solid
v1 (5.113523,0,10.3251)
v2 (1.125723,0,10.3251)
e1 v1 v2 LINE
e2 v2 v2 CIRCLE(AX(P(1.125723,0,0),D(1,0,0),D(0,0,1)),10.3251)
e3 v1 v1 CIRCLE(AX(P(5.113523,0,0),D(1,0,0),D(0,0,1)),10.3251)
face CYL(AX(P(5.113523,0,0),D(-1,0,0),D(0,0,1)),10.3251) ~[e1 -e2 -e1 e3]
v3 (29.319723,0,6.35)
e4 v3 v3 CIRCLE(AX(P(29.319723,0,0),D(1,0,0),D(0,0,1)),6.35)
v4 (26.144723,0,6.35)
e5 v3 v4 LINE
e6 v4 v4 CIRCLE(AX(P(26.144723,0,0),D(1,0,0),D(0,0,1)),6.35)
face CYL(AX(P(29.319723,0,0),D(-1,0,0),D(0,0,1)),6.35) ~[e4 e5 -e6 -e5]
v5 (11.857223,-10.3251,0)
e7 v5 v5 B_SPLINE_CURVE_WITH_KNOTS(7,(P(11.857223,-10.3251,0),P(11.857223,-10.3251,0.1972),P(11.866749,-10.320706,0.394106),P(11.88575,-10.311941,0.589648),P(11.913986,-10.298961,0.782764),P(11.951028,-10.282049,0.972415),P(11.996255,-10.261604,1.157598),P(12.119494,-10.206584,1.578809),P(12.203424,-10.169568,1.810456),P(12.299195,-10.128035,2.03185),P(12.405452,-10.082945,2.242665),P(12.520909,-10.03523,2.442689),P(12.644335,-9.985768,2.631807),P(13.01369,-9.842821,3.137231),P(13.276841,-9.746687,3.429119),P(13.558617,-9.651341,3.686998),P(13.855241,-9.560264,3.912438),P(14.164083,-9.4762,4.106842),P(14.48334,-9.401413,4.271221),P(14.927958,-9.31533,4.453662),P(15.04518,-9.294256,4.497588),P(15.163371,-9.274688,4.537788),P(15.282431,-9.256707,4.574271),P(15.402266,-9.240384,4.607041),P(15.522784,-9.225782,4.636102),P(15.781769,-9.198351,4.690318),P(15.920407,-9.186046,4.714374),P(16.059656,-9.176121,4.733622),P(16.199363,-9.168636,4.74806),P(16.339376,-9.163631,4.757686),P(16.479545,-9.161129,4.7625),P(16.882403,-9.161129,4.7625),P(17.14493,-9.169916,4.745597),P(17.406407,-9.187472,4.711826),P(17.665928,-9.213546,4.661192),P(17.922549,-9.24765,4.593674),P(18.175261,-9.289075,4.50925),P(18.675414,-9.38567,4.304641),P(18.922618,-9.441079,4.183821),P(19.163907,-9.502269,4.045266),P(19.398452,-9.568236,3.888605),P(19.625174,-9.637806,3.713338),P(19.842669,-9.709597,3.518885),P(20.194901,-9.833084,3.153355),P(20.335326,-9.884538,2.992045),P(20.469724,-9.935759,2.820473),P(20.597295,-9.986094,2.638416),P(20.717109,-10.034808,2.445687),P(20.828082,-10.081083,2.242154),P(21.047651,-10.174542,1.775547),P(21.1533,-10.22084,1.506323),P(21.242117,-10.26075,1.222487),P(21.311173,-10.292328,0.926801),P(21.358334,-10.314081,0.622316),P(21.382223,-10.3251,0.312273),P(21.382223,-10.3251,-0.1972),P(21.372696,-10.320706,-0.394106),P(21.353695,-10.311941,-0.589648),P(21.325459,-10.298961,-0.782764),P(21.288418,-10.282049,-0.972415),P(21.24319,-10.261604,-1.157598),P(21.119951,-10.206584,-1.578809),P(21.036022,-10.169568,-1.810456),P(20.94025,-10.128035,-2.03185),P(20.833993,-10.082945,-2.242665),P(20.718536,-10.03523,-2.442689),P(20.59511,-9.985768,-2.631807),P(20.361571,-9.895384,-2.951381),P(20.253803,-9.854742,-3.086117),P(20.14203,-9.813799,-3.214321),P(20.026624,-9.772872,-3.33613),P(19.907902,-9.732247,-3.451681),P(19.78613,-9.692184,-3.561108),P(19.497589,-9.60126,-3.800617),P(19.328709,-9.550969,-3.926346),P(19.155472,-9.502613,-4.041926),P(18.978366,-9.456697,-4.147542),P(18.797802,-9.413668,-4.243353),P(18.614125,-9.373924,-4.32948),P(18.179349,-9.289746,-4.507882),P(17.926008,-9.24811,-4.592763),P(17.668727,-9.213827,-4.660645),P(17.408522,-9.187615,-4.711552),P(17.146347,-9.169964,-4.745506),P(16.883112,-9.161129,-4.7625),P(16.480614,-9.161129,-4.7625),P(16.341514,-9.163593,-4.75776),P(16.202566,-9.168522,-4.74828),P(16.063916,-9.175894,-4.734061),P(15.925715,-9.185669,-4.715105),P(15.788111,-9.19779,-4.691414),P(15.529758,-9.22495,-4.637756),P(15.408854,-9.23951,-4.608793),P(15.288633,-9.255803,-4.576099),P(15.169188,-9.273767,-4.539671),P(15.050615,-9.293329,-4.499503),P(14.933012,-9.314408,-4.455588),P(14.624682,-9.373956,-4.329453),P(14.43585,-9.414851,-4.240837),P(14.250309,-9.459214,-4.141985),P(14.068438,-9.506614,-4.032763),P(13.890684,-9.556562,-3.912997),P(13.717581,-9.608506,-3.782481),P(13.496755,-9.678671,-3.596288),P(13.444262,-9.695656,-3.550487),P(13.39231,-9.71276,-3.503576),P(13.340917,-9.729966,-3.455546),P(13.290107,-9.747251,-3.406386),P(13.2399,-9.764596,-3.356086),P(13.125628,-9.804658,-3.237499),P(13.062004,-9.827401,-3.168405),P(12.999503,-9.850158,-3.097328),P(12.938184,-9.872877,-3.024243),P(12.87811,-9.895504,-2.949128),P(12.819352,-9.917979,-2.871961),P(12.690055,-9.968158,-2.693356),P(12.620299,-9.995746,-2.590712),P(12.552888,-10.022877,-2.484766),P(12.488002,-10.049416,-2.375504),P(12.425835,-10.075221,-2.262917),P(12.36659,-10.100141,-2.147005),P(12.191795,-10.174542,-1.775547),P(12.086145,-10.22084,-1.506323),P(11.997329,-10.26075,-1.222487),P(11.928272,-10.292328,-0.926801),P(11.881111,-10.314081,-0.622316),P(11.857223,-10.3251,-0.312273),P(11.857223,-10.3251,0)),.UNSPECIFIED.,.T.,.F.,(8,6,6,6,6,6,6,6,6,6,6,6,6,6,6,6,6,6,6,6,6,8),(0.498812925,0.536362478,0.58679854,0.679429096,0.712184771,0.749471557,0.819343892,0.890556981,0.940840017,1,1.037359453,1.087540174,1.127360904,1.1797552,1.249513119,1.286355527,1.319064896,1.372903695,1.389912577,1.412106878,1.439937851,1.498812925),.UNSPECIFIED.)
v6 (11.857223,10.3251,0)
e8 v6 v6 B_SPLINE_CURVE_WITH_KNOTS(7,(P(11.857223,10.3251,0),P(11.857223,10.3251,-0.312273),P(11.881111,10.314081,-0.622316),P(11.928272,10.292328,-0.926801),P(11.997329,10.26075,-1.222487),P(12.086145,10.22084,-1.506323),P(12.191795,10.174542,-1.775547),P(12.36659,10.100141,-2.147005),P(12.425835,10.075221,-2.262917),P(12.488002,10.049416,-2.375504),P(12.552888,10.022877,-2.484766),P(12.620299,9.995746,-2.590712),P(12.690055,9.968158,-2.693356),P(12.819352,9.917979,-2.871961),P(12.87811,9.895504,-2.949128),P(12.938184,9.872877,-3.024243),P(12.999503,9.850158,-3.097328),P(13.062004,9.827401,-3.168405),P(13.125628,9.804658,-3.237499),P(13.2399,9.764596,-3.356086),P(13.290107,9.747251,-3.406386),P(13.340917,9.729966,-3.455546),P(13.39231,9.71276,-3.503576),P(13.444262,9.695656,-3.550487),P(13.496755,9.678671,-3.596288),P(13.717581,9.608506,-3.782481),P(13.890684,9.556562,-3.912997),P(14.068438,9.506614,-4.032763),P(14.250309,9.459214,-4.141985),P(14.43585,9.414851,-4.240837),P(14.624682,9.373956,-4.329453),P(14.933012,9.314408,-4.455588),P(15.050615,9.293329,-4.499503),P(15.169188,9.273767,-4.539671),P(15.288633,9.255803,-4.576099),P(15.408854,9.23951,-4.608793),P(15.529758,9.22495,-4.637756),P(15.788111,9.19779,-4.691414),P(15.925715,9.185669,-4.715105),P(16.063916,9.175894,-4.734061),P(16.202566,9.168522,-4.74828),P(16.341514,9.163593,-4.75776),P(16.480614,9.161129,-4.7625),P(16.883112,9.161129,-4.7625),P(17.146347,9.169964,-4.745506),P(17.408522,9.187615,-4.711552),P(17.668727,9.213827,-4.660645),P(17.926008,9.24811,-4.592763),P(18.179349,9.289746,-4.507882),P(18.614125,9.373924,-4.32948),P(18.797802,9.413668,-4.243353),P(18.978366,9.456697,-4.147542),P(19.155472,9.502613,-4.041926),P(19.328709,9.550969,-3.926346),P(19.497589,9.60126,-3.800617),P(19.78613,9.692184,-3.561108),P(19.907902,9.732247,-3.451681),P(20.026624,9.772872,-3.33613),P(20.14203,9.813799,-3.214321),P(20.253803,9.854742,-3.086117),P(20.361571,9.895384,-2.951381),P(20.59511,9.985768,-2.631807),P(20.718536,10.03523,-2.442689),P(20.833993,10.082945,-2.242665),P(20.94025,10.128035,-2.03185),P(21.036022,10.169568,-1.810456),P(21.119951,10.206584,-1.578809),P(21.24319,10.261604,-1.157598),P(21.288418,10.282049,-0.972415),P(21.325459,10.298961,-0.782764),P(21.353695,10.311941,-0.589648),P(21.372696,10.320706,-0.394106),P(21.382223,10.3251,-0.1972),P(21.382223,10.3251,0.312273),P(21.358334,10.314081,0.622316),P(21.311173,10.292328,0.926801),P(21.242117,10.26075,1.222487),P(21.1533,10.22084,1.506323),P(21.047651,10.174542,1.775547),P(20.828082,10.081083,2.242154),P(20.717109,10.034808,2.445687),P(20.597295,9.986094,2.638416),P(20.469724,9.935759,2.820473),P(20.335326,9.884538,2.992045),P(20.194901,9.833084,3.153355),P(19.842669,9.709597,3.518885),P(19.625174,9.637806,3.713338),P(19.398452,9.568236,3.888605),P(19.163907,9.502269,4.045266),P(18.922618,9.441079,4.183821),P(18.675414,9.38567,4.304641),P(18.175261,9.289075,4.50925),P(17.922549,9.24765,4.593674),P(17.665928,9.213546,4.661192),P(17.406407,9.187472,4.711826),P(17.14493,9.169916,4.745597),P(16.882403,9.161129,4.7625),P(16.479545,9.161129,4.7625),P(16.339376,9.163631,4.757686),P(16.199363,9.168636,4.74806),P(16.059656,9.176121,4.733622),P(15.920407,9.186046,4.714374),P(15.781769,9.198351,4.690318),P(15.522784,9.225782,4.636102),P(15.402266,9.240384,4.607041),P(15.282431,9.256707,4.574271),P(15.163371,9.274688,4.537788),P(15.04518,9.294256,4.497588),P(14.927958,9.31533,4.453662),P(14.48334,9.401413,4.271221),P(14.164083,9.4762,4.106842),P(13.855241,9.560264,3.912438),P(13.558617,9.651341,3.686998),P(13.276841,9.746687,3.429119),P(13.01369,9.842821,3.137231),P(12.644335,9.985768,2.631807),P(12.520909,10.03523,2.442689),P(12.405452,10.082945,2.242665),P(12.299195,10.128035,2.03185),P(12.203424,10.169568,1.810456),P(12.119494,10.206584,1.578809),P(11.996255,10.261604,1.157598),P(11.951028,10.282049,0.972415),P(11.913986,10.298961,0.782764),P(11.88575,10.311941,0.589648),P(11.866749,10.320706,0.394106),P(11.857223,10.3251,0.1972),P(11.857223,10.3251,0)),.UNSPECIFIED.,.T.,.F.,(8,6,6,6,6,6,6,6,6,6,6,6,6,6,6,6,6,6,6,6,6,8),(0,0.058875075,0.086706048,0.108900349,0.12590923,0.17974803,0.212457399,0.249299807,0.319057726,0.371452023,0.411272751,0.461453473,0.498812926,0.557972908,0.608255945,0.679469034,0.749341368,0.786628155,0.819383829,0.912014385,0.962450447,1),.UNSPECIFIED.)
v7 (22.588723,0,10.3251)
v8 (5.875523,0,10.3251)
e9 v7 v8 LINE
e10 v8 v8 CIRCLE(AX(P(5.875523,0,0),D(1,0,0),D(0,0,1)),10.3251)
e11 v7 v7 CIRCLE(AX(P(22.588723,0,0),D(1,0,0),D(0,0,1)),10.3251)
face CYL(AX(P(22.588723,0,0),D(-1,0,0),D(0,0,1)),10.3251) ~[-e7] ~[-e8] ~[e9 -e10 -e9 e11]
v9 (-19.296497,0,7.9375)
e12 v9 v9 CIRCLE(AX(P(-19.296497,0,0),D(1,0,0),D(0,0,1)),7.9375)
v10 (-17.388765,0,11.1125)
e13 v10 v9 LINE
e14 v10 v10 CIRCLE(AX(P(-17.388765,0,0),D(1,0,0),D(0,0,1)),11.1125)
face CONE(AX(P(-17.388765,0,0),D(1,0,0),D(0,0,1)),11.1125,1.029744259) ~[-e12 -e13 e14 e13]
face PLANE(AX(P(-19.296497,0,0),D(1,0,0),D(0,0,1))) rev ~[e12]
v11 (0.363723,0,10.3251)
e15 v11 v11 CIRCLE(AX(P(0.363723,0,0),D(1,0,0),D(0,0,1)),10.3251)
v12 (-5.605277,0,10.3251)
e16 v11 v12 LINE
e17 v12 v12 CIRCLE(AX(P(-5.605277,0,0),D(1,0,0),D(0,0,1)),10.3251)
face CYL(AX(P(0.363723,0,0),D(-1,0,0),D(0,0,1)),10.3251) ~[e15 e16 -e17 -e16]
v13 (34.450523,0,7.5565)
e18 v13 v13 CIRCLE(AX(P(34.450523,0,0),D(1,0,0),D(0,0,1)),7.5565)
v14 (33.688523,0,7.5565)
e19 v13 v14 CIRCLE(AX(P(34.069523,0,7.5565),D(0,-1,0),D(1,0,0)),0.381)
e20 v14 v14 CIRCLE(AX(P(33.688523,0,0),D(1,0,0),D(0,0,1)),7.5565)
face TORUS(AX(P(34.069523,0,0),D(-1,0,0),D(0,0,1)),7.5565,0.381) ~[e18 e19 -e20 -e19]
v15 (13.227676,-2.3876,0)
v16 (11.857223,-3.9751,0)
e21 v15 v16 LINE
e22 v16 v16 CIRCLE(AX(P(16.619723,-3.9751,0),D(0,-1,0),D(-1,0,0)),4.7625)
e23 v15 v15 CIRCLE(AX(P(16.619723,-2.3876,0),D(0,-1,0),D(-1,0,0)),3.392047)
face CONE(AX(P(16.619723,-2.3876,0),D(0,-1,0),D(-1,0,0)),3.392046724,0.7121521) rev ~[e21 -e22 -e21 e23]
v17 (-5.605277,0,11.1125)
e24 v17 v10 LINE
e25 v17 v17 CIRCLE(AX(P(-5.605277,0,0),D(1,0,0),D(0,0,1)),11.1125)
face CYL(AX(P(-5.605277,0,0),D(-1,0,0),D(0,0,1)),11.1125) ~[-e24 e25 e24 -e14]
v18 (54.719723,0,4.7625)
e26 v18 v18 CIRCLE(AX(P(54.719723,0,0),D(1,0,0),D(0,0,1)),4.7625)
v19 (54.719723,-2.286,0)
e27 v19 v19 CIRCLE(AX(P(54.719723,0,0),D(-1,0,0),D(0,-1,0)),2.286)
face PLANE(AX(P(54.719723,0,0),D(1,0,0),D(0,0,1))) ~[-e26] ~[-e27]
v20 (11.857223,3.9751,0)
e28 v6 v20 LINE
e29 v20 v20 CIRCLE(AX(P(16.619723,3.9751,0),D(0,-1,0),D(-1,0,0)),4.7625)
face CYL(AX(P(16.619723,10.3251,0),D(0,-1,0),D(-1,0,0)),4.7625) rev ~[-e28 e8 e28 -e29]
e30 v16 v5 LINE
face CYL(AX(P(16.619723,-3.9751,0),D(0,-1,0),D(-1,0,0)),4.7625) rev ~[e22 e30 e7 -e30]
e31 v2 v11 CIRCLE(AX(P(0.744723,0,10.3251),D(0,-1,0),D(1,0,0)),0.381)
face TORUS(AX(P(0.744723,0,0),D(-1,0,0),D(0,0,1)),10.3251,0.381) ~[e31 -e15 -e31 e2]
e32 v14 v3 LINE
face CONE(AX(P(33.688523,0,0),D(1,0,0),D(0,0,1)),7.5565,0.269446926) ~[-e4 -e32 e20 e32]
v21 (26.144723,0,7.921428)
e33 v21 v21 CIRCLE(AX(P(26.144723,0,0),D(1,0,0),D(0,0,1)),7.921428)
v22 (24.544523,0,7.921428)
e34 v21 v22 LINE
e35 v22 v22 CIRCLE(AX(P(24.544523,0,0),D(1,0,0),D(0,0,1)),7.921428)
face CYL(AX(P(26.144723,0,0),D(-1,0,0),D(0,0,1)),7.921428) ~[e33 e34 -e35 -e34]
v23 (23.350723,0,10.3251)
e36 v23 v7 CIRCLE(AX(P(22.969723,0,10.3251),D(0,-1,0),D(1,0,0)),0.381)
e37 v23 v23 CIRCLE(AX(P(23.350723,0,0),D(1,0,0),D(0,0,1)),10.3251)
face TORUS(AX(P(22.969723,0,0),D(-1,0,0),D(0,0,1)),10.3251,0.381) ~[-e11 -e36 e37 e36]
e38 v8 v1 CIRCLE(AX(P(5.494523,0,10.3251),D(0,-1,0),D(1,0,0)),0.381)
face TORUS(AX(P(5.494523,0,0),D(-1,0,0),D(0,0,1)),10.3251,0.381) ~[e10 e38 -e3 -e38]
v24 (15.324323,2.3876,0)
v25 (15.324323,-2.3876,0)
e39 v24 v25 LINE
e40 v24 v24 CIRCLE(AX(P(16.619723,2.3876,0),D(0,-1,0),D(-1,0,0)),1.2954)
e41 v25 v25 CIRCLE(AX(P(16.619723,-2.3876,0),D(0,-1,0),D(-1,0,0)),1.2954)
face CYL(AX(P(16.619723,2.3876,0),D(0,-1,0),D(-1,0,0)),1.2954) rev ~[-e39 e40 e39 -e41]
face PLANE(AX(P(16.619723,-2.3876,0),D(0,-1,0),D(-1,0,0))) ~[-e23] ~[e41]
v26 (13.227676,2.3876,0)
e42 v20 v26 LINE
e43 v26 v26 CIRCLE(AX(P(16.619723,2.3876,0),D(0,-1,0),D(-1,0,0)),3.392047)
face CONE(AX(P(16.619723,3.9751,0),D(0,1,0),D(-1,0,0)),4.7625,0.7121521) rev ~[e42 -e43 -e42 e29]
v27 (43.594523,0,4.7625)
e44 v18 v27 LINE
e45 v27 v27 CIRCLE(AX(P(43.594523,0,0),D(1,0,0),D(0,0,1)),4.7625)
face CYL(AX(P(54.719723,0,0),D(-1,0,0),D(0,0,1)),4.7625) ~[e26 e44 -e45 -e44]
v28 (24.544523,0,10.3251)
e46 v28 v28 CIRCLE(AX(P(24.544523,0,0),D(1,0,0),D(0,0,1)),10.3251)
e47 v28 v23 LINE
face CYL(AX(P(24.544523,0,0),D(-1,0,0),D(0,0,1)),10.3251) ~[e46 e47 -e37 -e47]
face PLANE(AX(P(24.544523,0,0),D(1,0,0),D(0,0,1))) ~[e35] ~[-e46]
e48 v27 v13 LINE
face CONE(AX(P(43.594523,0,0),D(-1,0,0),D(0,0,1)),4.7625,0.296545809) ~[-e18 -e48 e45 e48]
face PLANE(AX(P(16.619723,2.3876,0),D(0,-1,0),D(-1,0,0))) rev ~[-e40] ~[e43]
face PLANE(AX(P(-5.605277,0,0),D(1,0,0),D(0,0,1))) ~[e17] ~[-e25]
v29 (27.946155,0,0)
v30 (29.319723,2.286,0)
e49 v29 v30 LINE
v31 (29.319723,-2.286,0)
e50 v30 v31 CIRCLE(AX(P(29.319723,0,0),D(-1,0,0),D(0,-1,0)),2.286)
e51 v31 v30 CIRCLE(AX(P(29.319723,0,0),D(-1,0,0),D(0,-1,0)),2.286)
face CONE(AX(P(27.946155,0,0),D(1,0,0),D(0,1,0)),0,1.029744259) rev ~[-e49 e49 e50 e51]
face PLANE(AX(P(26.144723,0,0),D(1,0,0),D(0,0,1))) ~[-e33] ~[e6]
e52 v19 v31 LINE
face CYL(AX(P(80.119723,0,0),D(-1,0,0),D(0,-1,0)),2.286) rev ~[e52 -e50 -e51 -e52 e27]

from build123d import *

# Parameters (mm, degrees)
F3_D     = 4.572
F3_DEPTH = 25.4
F3_TIP   = 1.3735673751


with BuildPart() as f1:
    # F0 (on Front) → F1 (revolve)
    with BuildSketch(Plane.XZ):
        with BuildLine():
            Line((54.7197226037, 4.7625), (43.5945226037, 4.7625))
            Line((43.5945226037, 4.7625), (34.4505226037, 7.5565))
            ThreePointArc((34.4505226037, 7.5565), (34.0695226037, 7.9375), (33.6885226037, 7.5565))
            Line((33.6885226037, 7.5565), (29.3197226037, 6.35))
            Line((29.3197226037, 6.35), (26.1447226037, 6.35))
            Line((26.1447226037, 6.35), (26.1447226037, 7.9214277489))
            Line((26.1447226037, 7.9214277489), (24.5445226037, 7.9214277489))
            Line((24.5445226037, 7.9214277489), (24.5445226037, 10.3251))
            Line((24.5445226037, 10.3251), (23.3507226037, 10.3251))
            ThreePointArc((23.3507226037, 10.3251), (22.9697226037, 10.7061), (22.5887226037, 10.3251))
            Line((22.5887226037, 10.3251), (5.8755226037, 10.3251))
            ThreePointArc((5.8755226037, 10.3251), (5.4945226037, 10.7061), (5.1135226037, 10.3251))
            Line((5.1135226037, 10.3251), (1.1257226037, 10.3251))
            ThreePointArc((1.1257226037, 10.3251), (0.7447226037, 10.7061), (0.3637226037, 10.3251))
            Line((0.3637226037, 10.3251), (-5.6052773963, 10.3251))
            Line((-5.6052773963, 10.3251), (-5.6052773963, 11.1125))
            Line((-5.6052773963, 11.1125), (-17.3887645346, 11.1125))
            Line((-17.3887645346, 11.1125), (-19.296497, 7.9375))
            Line((-19.296497, 7.9375), (-19.296497, 0))
            Line((-19.296497, 0), (54.7197226037, 0))
            Line((54.7197226037, 0), (54.7197226037, 4.7625))
        make_face()
    revolve(axis=Axis((17.7116128019, 0, 0), (1, 0, 0)))

    # F3
    with Locations(Plane.YZ.offset(54.7197226037)):
        with Locations((0, 0)):
            Hole(F3_D / 2, depth=F3_DEPTH)
            with Locations((0, 0, -(F3_DEPTH + F3_TIP / 2))):  # 118° drill point
                Cone(0, F3_D / 2, F3_TIP, mode=Mode.SUBTRACT)

    # F4 (on Top) → F5 (revolve, cut)
    with BuildSketch(Plane.XY):
        Polygon((16.6197226037, 10.3251), (11.8572226037, 10.3251), (11.8572226037, 3.9751), (13.2276758795, 2.3876), (15.3243226037, 2.3876), (15.3243226037, -2.3876), (13.2276758795, -2.3876), (11.8572226037, -3.9751), (11.8572226037, -10.3251), (16.6197226037, -10.3251), align=None)
    revolve(axis=Axis((16.6197226037, 0, 0), (0, -1, 0)), mode=Mode.SUBTRACT)


solid = f1.part
